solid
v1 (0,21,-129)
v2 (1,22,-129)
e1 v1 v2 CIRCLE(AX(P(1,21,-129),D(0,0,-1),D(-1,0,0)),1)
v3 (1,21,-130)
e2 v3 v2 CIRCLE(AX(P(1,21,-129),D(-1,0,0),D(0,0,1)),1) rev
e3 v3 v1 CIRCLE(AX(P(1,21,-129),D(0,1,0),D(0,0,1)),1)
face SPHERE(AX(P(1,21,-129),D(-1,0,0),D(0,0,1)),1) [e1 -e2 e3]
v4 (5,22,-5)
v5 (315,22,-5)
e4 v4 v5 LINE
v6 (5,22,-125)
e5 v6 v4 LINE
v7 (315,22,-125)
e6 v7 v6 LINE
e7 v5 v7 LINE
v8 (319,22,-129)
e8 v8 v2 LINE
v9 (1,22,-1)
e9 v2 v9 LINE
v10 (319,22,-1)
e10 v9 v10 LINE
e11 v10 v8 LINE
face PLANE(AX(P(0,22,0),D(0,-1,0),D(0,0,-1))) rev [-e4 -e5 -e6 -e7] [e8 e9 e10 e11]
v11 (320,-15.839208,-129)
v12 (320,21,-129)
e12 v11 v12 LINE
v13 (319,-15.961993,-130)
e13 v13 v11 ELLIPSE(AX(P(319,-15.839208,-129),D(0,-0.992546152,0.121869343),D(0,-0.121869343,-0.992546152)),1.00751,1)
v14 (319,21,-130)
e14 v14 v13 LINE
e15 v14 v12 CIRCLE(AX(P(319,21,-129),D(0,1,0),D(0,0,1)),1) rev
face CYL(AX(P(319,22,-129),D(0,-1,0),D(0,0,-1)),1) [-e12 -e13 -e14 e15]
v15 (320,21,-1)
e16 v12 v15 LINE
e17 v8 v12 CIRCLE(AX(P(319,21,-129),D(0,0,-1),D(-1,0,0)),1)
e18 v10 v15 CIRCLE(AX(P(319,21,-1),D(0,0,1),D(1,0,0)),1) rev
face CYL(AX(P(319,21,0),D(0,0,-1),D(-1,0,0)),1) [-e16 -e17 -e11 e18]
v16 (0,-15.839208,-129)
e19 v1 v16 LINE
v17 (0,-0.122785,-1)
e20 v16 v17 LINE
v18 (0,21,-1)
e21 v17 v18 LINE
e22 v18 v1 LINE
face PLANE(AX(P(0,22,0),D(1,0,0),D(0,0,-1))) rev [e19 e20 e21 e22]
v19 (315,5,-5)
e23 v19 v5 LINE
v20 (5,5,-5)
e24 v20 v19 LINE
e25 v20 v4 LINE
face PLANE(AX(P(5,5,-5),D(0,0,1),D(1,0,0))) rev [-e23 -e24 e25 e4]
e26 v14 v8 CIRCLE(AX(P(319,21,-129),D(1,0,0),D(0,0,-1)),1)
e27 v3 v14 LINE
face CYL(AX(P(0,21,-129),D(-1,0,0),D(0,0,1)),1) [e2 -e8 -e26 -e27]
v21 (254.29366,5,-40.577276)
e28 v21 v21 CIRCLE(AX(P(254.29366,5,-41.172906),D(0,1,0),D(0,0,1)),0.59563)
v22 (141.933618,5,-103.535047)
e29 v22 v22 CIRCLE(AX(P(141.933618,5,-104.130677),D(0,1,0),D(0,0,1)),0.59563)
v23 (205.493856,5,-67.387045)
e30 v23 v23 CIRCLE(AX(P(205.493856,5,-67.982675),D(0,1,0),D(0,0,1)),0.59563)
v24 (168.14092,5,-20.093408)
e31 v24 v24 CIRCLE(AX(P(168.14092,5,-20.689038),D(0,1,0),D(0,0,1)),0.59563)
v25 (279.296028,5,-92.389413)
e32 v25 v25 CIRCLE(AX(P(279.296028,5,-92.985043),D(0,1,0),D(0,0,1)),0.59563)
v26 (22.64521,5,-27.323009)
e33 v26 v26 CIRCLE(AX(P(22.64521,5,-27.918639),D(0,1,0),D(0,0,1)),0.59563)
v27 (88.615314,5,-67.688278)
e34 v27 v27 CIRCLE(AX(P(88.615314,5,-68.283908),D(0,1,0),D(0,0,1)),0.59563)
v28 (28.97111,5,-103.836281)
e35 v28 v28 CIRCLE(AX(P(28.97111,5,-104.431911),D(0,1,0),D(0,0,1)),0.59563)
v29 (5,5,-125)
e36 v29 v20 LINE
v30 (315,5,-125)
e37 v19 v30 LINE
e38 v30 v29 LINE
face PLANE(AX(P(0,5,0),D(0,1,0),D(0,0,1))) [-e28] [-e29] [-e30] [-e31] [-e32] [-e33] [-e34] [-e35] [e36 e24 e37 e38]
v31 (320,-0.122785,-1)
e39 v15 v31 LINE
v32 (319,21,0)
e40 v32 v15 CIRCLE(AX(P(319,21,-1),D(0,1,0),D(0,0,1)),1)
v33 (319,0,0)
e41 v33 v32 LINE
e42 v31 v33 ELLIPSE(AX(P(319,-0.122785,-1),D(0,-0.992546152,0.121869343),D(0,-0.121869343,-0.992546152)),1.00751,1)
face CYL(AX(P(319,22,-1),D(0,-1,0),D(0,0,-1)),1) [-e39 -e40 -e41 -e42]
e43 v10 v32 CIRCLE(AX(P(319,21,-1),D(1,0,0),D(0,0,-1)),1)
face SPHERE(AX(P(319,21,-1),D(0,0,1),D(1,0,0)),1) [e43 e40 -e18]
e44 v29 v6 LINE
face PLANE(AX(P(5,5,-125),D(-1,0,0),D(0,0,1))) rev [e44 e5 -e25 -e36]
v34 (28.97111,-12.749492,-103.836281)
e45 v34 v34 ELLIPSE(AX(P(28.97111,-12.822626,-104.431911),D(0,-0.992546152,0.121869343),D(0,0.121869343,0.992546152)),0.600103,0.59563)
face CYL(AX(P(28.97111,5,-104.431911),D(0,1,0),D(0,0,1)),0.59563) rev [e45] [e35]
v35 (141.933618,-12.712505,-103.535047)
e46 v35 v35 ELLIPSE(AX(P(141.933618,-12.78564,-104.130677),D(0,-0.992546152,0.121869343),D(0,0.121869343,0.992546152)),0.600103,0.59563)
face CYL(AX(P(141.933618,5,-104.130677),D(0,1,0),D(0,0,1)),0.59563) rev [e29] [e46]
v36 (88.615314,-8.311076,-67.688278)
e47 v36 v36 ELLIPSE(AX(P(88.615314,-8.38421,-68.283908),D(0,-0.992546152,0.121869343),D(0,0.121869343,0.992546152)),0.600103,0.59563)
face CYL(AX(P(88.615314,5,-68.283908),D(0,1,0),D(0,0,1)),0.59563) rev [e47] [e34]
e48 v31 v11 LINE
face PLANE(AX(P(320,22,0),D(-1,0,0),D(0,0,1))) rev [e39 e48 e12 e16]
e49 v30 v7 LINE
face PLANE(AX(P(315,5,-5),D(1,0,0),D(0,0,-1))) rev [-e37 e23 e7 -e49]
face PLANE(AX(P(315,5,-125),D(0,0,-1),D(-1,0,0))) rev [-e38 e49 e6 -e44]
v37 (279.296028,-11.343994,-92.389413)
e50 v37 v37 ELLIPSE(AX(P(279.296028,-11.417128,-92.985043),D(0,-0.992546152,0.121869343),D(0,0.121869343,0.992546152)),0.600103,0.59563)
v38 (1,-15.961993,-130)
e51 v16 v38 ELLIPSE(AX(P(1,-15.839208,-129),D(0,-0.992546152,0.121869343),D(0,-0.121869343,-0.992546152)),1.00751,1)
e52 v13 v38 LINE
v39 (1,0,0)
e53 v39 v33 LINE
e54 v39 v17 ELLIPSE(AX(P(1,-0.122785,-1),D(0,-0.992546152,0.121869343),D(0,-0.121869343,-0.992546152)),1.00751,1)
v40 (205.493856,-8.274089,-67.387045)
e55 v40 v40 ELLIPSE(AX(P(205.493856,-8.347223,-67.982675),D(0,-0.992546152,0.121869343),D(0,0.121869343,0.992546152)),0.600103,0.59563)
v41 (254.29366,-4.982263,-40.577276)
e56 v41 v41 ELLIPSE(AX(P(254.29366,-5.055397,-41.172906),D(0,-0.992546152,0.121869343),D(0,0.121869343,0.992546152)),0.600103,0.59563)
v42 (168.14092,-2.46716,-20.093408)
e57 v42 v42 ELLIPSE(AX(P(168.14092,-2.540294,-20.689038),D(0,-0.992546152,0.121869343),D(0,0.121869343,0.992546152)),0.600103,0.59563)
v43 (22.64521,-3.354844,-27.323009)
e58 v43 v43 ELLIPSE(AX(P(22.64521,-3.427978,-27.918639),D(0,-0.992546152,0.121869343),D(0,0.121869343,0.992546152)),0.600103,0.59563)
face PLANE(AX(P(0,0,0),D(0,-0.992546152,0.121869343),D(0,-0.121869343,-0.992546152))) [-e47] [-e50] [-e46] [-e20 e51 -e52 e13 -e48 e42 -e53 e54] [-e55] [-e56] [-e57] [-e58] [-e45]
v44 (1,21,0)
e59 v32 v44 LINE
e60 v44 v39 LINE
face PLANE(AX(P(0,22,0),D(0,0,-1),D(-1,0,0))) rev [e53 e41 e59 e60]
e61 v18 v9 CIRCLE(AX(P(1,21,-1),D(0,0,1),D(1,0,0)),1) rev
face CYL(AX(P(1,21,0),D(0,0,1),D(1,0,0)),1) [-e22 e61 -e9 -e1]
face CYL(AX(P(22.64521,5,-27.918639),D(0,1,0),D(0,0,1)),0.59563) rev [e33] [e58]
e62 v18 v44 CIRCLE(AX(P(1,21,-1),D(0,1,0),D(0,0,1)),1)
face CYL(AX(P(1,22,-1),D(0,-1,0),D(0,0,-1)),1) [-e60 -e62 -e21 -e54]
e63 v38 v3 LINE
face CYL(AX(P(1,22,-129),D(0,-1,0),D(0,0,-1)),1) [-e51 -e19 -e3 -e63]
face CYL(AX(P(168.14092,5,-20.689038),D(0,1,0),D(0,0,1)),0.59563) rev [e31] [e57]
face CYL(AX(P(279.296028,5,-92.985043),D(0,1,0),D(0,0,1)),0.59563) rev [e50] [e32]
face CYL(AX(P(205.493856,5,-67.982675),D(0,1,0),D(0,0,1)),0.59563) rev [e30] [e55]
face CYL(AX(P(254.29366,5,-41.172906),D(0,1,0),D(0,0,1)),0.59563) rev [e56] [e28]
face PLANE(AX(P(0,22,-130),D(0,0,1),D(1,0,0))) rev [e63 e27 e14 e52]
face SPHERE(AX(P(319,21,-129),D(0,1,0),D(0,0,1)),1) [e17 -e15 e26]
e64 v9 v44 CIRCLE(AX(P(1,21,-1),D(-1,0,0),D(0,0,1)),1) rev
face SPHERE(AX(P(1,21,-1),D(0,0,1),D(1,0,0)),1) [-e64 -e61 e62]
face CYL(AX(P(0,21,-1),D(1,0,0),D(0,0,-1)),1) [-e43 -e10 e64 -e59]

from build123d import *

# Parameters (mm, degrees)
SKETCH1_W             = 320
SKETCH1_H             = 130
BOSS_EXTRUDE3_DEPTH   = 22
SKETCH3_W             = 310
SKETCH3_H             = 120
CUT_EXTRUDE1_DEPTH    = 17
DRAFT1_ANGLE          = 7
FILLET2_R             = 1
F_0_80_TAPPED_HOLE1_D = 1.19126


with BuildPart() as part:
    # Sketch1 → Boss-Extrude3 (new body)
    with BuildSketch(Plane(origin=(0, 0, 0), x_dir=(1, 0, 0), z_dir=(0, 1, 0))):
        with Locations((160, 65)):
            Rectangle(SKETCH1_W, SKETCH1_H)
    extrude(amount=BOSS_EXTRUDE3_DEPTH)

    # Sketch3 → Cut-Extrude1 (cut)
    with BuildSketch(Plane(origin=(0, 22, 0), x_dir=(1, 0, 0), z_dir=(0, 1, 0))):
        with Locations((160, 65)):
            Rectangle(SKETCH3_W, SKETCH3_H)
    extrude(amount=-CUT_EXTRUDE1_DEPTH, mode=Mode.SUBTRACT)

    # Draft1
    draft1_faces = [part.faces().sort_by_distance(p)[0] for p in [
        (160, 0, -65),
    ]]
    draft(draft1_faces, Plane(origin=(0, 22, 0), x_dir=(1, 0, 0), z_dir=(0, 0, 1)), DRAFT1_ANGLE)

    # Fillet2
    fillet2_edges = [part.edges().sort_by_distance(p)[0] for p in [
        (320, 22, -65),
        (160, 22, -130),
        (0, 22, -65),
        (0, 3.019003541, -130),
        (320, 3.019003541, -130),
        (320, 11, 0),
        (0, 11, 0),
        (160, 22, 0),
    ]]
    fillet(fillet2_edges, radius=FILLET2_R)

    # #0-80 Tapped Hole1 (through all)
    with Locations(Plane(origin=(28.97111002, 5, -104.431910758), x_dir=(0, 0, 1), z_dir=(0, 1, 0))):
        with Locations((0, 0), (0.301233355, 112.962508169), (36.148002614, 59.644204314), (36.449235969, 176.522746099), (63.259004574, 225.322549628), (11.446867494, 250.324918103), (76.513272199, -6.325900457), (83.742872722, 139.169810064)):
            Hole(F_0_80_TAPPED_HOLE1_D / 2)


solid = part.part
